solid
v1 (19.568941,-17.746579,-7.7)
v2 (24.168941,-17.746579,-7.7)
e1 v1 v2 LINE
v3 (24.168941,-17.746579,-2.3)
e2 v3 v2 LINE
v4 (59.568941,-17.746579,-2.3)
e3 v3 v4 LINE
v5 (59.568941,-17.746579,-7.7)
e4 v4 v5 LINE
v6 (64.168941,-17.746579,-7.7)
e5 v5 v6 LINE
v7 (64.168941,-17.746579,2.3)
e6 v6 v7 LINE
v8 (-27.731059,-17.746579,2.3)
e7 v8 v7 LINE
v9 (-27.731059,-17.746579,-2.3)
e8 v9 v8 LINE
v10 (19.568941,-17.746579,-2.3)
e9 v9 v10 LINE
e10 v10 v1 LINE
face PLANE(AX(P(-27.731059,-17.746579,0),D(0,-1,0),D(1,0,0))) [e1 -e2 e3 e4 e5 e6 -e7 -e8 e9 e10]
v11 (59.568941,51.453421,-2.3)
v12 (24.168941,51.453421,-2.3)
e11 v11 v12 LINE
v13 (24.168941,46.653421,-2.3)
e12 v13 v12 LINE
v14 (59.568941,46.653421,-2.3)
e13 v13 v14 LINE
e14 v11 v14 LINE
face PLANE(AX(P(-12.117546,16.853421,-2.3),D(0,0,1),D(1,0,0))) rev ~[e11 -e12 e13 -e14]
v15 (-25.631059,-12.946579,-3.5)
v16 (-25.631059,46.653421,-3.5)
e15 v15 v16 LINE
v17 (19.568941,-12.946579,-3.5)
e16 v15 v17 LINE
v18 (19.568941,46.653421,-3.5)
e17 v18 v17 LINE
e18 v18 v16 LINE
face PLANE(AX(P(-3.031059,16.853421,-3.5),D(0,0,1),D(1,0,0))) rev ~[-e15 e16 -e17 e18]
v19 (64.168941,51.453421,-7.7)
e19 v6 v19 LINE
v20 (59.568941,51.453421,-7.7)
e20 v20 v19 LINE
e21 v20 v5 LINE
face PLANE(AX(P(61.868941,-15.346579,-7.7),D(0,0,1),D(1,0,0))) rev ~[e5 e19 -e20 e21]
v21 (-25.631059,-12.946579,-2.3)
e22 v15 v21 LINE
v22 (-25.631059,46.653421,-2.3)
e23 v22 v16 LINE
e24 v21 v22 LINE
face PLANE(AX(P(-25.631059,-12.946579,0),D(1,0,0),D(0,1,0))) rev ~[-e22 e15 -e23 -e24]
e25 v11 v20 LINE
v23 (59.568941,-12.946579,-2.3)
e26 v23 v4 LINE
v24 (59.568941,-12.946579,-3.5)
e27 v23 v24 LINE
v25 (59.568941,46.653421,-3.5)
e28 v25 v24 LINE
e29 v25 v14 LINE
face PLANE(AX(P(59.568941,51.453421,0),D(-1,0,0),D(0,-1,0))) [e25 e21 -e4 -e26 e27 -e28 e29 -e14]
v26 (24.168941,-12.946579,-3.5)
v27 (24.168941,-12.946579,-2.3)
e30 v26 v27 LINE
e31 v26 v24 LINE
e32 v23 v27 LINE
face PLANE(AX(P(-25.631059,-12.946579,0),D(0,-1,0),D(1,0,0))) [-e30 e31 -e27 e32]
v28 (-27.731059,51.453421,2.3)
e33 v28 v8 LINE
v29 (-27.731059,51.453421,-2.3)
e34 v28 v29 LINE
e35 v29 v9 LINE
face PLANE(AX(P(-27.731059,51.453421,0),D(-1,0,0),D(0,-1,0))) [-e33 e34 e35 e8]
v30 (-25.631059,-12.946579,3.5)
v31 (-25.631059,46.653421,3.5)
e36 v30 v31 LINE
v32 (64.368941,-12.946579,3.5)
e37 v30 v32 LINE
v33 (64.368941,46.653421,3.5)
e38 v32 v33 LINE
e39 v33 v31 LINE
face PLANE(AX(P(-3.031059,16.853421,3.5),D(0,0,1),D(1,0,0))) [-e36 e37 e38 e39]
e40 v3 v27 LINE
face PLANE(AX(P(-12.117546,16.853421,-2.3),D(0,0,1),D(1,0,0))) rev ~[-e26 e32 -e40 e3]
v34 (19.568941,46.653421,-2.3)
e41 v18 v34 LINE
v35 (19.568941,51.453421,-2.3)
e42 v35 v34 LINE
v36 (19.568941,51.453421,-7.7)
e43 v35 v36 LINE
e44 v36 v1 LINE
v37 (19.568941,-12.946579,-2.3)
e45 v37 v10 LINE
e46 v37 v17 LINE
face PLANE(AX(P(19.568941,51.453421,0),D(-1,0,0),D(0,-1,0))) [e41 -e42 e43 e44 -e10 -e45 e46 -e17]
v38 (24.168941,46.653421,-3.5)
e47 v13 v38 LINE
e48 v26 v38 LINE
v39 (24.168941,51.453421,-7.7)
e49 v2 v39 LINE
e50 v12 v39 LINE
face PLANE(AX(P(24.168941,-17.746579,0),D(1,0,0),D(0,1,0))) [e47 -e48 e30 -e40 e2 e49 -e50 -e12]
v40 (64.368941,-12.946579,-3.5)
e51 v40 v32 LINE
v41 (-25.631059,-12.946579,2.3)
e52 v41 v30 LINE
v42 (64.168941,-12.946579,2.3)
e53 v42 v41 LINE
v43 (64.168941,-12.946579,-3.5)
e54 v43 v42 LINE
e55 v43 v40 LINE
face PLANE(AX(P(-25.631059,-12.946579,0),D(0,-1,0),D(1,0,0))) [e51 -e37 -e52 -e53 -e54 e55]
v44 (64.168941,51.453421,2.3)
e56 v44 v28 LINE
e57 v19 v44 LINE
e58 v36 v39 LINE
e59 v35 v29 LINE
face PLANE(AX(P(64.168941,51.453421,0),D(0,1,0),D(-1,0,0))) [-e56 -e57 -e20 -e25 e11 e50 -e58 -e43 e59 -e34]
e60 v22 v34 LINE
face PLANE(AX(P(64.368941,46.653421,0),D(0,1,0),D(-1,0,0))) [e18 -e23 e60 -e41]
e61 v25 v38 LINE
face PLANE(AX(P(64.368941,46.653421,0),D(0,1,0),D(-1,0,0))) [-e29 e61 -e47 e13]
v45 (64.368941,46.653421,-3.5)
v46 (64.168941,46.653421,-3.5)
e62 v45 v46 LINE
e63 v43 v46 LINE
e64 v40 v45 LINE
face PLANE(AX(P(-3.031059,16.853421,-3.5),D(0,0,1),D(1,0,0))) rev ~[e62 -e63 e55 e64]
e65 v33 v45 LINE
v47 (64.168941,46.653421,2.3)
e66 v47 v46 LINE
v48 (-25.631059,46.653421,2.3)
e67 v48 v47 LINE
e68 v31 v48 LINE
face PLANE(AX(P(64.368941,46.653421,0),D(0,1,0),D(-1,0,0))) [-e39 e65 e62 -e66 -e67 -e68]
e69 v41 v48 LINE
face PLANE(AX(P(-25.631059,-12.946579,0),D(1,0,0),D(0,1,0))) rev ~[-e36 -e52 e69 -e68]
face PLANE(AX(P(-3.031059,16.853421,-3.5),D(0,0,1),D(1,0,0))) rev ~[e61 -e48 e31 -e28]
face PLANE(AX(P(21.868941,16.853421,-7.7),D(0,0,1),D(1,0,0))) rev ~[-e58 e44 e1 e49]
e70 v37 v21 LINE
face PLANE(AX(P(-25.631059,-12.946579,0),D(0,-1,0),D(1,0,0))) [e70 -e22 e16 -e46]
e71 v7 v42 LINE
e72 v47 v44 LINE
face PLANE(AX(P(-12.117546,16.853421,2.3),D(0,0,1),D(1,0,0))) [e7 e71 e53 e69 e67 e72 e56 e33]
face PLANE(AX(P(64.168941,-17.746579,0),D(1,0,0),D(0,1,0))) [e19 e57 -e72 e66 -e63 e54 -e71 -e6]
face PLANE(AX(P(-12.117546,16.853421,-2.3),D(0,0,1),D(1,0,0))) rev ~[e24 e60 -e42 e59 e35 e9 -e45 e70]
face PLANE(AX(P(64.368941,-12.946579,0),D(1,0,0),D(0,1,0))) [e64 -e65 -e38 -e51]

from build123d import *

# Parameters (mm, degrees)
F0_W     = 4.6
F0_H     = 4.8
F0_W_2   = 35.4
F1_DEPTH = 2.3
F0_W_3   = 45.2
F0_H_2   = 59.6
F0_W_4   = 0.2
F2_DEPTH = 3.5
F3_DEPTH = 7.7


with BuildPart() as f1:
    # F0 (on Top) → F1 (new body, symmetric)
    with BuildSketch(Plane.XY):
        Polygon((19.5689408898, 51.453421098), (-27.7310591102, 51.453421098), (-27.7310591102, -17.746578902), (19.5689408898, -17.746578902), (19.5689408898, -12.946578902), (-25.6310591102, -12.946578902), (-25.6310591102, 46.653421098), (19.5689408898, 46.653421098), align=None)
        with Locations((21.8689408898, 49.053421098)):
            Rectangle(F0_W, F0_H)
        with Locations((41.8689408898, 49.053421098)):
            Rectangle(F0_W_2, F0_H)
        with Locations((61.8689408898, 49.053421098)):
            Rectangle(F0_W, F0_H)
        with Locations((21.8689408898, -15.346578902)):
            Rectangle(F0_W, F0_H)
        with Locations((41.8689408898, -15.346578902)):
            Rectangle(F0_W_2, F0_H)
        with Locations((61.8689408898, -15.346578902)):
            Rectangle(F0_W, F0_H)
    extrude(amount=F1_DEPTH, both=True)

    # F0 (on Top) → F2 (join, symmetric)
    with BuildSketch(Plane.XY):
        with Locations((-3.0310591102, 16.853421098)):
            Rectangle(F0_W_3, F0_H_2)
        with Locations((21.8689408898, 16.853421098)):
            Rectangle(F0_W, F0_H_2)
        with Locations((41.8689408898, 16.853421098)):
            Rectangle(F0_W_2, F0_H_2)
        with Locations((61.8689408898, 16.853421098)):
            Rectangle(F0_W, F0_H_2)
        with Locations((64.2689408898, 16.853421098)):
            Rectangle(F0_W_4, F0_H_2)
    extrude(amount=F2_DEPTH, both=True)

    # F0 (on Top) → F3 (join)
    with BuildSketch(Plane.XY):
        with Locations((21.8689408898, 16.853421098)):
            Rectangle(F0_W, F0_H_2)
        with Locations((21.8689408898, 49.053421098)):
            Rectangle(F0_W, F0_H)
        with Locations((21.8689408898, -15.346578902)):
            Rectangle(F0_W, F0_H)
        with Locations((61.8689408898, -15.346578902)):
            Rectangle(F0_W, F0_H)
        with Locations((61.8689408898, 16.853421098)):
            Rectangle(F0_W, F0_H_2)
        with Locations((61.8689408898, 49.053421098)):
            Rectangle(F0_W, F0_H)
    extrude(amount=-F3_DEPTH)


solid = f1.part
